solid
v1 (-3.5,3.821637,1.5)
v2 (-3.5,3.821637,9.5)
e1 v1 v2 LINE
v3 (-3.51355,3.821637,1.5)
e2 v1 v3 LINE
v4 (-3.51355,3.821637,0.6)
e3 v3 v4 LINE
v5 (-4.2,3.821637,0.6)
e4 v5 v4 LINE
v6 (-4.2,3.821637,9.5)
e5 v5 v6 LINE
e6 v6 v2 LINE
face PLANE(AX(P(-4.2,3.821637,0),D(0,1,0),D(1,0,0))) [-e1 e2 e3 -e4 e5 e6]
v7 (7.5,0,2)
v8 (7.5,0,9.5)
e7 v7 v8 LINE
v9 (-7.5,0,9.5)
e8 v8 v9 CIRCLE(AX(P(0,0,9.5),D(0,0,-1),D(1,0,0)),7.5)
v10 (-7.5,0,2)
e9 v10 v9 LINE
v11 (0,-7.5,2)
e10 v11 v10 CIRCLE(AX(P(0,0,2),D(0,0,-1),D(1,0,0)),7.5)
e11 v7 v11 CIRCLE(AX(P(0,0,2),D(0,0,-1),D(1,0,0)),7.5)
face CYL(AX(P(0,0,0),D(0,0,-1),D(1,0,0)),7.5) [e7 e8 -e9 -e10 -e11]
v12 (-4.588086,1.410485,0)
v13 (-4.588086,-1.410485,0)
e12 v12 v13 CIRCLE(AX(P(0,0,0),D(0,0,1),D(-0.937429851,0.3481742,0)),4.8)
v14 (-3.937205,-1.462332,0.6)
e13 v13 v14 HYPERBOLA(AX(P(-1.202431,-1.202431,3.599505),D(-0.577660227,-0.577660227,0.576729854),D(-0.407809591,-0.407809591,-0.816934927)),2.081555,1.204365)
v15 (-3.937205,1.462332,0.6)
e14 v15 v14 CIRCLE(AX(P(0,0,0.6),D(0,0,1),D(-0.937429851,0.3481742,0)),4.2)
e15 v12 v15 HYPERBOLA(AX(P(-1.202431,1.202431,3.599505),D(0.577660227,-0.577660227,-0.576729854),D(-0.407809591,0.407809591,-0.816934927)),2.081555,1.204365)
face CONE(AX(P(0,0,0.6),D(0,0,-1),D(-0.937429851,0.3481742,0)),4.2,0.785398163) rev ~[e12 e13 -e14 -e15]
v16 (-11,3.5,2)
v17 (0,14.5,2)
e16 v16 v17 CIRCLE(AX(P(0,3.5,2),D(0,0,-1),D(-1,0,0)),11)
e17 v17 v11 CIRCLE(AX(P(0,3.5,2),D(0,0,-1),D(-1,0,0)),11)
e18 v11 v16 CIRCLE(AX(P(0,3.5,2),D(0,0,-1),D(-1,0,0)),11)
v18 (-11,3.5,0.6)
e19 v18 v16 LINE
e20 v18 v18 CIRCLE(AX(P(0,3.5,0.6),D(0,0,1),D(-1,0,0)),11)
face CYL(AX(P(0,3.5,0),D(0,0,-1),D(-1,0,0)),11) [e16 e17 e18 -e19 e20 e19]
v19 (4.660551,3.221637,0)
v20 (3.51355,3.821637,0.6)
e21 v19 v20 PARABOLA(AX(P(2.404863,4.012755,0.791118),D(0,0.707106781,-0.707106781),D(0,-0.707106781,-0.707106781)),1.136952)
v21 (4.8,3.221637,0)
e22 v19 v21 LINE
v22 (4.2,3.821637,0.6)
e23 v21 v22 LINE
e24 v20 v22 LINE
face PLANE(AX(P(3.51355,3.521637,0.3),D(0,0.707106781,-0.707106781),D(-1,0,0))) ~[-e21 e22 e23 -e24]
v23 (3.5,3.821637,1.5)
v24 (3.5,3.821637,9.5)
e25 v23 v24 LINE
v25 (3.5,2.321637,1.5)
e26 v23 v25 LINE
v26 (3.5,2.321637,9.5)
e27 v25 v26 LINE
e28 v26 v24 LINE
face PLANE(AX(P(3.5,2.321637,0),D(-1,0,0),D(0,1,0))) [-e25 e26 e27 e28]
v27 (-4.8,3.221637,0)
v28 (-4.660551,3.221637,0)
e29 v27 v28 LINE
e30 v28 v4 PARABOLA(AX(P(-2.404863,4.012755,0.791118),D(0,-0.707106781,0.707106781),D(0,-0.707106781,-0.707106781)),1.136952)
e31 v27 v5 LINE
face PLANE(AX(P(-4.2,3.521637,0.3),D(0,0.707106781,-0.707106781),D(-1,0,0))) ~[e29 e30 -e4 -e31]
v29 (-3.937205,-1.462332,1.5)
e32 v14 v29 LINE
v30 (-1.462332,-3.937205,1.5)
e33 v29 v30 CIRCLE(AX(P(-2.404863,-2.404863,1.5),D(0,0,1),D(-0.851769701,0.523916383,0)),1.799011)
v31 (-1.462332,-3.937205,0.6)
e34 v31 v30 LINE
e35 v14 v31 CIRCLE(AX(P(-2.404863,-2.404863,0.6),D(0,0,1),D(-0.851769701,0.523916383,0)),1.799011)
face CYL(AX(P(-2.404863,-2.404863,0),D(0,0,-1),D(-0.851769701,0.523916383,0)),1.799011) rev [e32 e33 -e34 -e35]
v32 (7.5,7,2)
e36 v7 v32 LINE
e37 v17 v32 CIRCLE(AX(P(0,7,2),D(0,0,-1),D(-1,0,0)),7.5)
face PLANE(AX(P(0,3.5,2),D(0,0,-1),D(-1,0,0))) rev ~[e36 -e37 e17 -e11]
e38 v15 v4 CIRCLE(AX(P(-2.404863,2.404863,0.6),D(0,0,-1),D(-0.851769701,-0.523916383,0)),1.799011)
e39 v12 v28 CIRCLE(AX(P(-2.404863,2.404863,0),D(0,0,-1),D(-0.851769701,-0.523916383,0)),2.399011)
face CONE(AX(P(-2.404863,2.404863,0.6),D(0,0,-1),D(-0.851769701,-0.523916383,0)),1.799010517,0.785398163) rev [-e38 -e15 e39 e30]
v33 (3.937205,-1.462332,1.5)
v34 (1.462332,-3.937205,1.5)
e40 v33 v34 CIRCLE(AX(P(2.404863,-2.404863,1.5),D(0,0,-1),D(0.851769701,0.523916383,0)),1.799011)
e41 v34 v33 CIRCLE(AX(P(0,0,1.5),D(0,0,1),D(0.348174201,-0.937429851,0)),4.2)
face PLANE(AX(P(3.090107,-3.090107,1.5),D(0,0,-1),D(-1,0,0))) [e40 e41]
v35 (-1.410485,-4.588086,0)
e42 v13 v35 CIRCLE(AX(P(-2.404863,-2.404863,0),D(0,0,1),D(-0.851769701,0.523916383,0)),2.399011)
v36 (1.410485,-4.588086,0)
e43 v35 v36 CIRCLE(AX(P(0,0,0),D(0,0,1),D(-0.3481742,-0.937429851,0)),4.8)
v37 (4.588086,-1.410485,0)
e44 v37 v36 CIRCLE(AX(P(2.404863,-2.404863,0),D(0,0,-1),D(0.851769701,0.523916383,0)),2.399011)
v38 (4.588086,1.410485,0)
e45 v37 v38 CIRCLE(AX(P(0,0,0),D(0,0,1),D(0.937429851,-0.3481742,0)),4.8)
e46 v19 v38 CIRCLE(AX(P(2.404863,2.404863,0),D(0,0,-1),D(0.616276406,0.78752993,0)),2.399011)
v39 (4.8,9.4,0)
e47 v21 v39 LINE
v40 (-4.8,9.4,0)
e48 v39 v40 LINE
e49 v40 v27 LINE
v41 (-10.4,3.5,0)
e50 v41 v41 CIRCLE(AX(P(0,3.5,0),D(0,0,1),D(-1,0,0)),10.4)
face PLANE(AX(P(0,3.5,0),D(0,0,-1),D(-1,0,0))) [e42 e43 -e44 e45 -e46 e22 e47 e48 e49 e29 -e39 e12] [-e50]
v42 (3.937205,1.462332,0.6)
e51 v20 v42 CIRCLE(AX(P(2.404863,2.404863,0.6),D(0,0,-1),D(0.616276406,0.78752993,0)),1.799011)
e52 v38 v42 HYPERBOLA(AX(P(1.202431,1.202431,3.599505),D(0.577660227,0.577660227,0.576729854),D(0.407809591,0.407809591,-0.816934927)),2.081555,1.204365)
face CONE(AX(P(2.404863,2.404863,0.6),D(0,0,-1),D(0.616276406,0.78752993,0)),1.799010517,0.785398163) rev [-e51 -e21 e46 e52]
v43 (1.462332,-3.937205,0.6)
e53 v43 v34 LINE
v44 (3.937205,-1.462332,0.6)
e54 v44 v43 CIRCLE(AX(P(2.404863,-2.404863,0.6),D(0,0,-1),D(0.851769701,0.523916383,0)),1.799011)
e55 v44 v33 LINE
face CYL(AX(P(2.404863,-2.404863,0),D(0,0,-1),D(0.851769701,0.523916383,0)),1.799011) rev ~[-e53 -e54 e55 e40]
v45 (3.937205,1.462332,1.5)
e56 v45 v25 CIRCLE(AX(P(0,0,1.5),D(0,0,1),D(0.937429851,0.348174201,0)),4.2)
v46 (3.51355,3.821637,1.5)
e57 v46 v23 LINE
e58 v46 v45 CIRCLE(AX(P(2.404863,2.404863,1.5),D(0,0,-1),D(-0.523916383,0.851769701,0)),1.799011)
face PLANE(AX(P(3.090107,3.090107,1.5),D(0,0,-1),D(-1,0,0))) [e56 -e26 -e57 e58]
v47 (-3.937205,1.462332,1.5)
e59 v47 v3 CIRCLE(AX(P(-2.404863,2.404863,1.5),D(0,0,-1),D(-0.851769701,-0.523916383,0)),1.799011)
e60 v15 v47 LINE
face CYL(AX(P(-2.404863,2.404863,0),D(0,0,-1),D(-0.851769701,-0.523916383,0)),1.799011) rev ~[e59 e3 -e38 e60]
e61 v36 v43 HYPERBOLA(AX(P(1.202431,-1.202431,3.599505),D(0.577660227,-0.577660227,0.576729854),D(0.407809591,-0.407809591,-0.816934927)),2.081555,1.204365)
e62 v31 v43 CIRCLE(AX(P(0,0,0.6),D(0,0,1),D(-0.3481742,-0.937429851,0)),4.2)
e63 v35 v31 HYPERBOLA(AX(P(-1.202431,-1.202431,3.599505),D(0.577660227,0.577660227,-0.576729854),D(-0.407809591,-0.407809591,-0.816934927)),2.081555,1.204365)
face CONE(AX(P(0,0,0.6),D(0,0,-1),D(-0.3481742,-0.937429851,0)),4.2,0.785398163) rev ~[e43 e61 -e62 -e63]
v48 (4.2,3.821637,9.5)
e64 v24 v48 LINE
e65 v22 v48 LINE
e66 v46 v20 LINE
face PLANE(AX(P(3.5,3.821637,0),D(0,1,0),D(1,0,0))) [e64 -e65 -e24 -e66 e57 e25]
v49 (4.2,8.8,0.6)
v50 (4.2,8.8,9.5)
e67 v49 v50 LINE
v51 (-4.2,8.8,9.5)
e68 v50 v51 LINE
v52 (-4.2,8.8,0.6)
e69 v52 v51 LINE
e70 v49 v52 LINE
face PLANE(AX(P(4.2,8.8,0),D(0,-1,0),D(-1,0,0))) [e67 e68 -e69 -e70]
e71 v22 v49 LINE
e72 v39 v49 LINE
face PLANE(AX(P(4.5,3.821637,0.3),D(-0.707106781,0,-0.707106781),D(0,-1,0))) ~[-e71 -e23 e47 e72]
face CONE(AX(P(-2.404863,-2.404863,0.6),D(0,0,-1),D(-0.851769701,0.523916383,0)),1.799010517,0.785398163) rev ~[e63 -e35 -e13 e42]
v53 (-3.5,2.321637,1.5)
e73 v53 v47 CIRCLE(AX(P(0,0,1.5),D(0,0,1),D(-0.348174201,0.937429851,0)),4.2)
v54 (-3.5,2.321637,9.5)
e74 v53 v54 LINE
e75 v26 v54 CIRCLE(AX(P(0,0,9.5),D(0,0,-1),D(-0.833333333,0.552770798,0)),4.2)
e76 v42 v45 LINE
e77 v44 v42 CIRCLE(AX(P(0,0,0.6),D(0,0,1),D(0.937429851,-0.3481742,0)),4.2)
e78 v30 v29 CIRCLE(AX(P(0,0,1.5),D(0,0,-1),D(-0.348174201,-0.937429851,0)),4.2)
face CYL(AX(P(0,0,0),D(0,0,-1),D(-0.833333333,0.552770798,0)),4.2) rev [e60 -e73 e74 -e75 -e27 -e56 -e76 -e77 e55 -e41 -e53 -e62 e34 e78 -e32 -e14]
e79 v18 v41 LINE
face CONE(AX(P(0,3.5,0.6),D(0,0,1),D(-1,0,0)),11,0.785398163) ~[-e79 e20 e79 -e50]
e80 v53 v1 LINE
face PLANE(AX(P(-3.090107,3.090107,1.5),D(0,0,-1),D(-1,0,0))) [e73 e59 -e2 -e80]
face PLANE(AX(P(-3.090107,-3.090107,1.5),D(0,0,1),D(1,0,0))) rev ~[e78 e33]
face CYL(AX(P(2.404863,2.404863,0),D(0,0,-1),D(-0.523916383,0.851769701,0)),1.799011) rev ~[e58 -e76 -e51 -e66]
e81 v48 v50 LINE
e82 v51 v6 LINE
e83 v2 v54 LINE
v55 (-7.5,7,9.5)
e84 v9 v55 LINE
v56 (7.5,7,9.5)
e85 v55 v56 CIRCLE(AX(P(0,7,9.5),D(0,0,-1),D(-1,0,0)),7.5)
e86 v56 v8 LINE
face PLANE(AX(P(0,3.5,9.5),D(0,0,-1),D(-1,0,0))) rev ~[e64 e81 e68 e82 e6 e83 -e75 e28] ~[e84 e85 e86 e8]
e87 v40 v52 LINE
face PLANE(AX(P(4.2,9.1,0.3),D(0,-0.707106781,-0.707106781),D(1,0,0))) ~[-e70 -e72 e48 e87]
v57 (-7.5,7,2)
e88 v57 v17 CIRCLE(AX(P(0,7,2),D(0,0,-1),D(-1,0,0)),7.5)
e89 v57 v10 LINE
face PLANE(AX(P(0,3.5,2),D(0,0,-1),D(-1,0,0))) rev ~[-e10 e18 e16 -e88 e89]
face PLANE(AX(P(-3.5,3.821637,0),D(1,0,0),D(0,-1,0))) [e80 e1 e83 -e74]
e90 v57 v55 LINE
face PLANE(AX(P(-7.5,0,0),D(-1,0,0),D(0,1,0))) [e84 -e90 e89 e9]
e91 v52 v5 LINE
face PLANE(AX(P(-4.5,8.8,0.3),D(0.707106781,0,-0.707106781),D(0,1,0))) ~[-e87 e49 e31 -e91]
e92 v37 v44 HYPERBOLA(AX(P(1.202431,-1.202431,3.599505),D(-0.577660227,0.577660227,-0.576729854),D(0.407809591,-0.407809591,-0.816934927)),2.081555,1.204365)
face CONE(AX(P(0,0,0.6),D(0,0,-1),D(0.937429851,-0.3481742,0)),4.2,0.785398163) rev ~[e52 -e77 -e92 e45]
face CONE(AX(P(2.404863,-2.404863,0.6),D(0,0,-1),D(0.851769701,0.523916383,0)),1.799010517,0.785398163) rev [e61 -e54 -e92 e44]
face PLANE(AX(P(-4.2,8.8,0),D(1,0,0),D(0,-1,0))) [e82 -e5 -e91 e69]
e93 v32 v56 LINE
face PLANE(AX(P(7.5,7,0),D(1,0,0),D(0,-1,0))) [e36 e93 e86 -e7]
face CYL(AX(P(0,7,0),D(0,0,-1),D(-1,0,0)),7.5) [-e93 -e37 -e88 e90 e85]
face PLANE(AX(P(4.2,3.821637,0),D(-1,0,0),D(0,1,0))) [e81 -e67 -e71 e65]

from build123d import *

# Parameters (mm, degrees)
EXTRUDE_1_DEPTH        = 9.5
SKETCH_8_R             = 11
EXTRUDE_2_DEPTH        = 2
CUT_EXTRUDE_1105_DEPTH = 21.530465168
CUT_EXTRUDE_1724_DEPTH = 1.5
CHAMFER_1_SIZE         = 0.6


with BuildPart() as part:
    # Эскиз7 → Бобышка-Вытянуть1 (new body)
    with BuildSketch(Plane.XY):
        with BuildLine():
            Line((-7.5, 0), (-7.5, 7))
            ThreePointArc((-7.5, 7), (0, 14.5), (7.5, 7))
            Line((7.5, 7), (7.5, 0))
            ThreePointArc((7.5, 0), (0, -7.5), (-7.5, 0))
        make_face()
    extrude(amount=EXTRUDE_1_DEPTH)

    # Эскиз8 → Бобышка-Вытянуть2 (add)
    with BuildSketch(Plane(origin=(0, 0, 0), x_dir=(-1, 0, 0), z_dir=(0, 0, -1))):
        with Locations((0, 3.5)):
            Circle(SKETCH_8_R)
    extrude(amount=-EXTRUDE_2_DEPTH)

    # Эскиз3 → Cut-Extrude 1105 (cut, through all)
    with BuildSketch(Plane(origin=(0, 0, 0), x_dir=(-1, 0, 0), z_dir=(0, 0, -1))):
        with BuildLine():
            Line((-4.2, 8.8), (4.2, 8.8))
            Line((4.2, 8.8), (4.2, 3.821637353))
            Line((4.2, 3.821637353), (3.5, 3.821637353))
            Line((3.5, 3.821637353), (3.5, 2.321637353))
            ThreePointArc((3.5, 2.321637353), (0, -4.2), (-3.5, 2.321637353))
            Line((-3.5, 2.321637353), (-3.5, 3.821637353))
            Line((-3.5, 3.821637353), (-4.2, 3.821637353))
            Line((-4.2, 3.821637353), (-4.2, 8.8))
        make_face()
    extrude(amount=-CUT_EXTRUDE_1105_DEPTH, mode=Mode.SUBTRACT)

    # Эскиз6 → Cut-Extrude 1724 (cut)
    with BuildSketch(Plane(origin=(0, 0, 0), x_dir=(-1, 0, 0), z_dir=(0, 0, -1))):
        with BuildLine():
            ThreePointArc((-1.462331642, 3.937205376), (-3.676955262, 3.676955262), (-3.937205376, 1.462331642))
            ThreePointArc((-3.937205376, 1.462331642), (-2.969848481, 2.969848481), (-1.462331642, 3.937205376))
        make_face()
        with BuildLine():
            ThreePointArc((3.937205376, -1.462331642), (3.676955262, -3.676955262), (1.462331642, -3.937205376))
            ThreePointArc((1.462331642, -3.937205376), (2.969848481, -2.969848481), (3.937205376, -1.462331642))
        make_face()
        with BuildLine():
            ThreePointArc((-1.462331642, -3.937205376), (-2.969848481, -2.969848481), (-3.937205376, -1.462331642))
            ThreePointArc((-3.937205376, -1.462331642), (-3.676955262, -3.676955262), (-1.462331642, -3.937205376))
        make_face()
        with BuildLine():
            ThreePointArc((1.462331642, 3.937205376), (2.969848481, 2.969848481), (3.937205376, 1.462331642))
            ThreePointArc((3.937205376, 1.462331642), (3.676955262, 3.676955262), (1.462331642, 3.937205376))
        make_face()
    extrude(amount=-CUT_EXTRUDE_1724_DEPTH, mode=Mode.SUBTRACT)

    # Фаска1
    chamfer_1_edges = [part.edges().sort_by_distance(p)[0] for p in [
        (11, 3.5, 0),
        (4.2, 6.310818677, 0),
        (3.856775231, 3.821637353, 0),
        (-4.2, 6.310818677, 0),
        (0, 8.8, 0),
        (4.2, 0, 0),
        (0, -4.2, 0),
        (-4.2, 0, 0),
        (-3.856775231, 3.821637353, 0),
        (-4.175552206, 2.722821223, 0),
        (3.676955262, -3.676955262, 0),
        (-3.676955262, -3.676955262, 0),
        (4.175552206, 2.722821223, 0),
    ]]
    chamfer(chamfer_1_edges, length=CHAMFER_1_SIZE)


solid = part.part
